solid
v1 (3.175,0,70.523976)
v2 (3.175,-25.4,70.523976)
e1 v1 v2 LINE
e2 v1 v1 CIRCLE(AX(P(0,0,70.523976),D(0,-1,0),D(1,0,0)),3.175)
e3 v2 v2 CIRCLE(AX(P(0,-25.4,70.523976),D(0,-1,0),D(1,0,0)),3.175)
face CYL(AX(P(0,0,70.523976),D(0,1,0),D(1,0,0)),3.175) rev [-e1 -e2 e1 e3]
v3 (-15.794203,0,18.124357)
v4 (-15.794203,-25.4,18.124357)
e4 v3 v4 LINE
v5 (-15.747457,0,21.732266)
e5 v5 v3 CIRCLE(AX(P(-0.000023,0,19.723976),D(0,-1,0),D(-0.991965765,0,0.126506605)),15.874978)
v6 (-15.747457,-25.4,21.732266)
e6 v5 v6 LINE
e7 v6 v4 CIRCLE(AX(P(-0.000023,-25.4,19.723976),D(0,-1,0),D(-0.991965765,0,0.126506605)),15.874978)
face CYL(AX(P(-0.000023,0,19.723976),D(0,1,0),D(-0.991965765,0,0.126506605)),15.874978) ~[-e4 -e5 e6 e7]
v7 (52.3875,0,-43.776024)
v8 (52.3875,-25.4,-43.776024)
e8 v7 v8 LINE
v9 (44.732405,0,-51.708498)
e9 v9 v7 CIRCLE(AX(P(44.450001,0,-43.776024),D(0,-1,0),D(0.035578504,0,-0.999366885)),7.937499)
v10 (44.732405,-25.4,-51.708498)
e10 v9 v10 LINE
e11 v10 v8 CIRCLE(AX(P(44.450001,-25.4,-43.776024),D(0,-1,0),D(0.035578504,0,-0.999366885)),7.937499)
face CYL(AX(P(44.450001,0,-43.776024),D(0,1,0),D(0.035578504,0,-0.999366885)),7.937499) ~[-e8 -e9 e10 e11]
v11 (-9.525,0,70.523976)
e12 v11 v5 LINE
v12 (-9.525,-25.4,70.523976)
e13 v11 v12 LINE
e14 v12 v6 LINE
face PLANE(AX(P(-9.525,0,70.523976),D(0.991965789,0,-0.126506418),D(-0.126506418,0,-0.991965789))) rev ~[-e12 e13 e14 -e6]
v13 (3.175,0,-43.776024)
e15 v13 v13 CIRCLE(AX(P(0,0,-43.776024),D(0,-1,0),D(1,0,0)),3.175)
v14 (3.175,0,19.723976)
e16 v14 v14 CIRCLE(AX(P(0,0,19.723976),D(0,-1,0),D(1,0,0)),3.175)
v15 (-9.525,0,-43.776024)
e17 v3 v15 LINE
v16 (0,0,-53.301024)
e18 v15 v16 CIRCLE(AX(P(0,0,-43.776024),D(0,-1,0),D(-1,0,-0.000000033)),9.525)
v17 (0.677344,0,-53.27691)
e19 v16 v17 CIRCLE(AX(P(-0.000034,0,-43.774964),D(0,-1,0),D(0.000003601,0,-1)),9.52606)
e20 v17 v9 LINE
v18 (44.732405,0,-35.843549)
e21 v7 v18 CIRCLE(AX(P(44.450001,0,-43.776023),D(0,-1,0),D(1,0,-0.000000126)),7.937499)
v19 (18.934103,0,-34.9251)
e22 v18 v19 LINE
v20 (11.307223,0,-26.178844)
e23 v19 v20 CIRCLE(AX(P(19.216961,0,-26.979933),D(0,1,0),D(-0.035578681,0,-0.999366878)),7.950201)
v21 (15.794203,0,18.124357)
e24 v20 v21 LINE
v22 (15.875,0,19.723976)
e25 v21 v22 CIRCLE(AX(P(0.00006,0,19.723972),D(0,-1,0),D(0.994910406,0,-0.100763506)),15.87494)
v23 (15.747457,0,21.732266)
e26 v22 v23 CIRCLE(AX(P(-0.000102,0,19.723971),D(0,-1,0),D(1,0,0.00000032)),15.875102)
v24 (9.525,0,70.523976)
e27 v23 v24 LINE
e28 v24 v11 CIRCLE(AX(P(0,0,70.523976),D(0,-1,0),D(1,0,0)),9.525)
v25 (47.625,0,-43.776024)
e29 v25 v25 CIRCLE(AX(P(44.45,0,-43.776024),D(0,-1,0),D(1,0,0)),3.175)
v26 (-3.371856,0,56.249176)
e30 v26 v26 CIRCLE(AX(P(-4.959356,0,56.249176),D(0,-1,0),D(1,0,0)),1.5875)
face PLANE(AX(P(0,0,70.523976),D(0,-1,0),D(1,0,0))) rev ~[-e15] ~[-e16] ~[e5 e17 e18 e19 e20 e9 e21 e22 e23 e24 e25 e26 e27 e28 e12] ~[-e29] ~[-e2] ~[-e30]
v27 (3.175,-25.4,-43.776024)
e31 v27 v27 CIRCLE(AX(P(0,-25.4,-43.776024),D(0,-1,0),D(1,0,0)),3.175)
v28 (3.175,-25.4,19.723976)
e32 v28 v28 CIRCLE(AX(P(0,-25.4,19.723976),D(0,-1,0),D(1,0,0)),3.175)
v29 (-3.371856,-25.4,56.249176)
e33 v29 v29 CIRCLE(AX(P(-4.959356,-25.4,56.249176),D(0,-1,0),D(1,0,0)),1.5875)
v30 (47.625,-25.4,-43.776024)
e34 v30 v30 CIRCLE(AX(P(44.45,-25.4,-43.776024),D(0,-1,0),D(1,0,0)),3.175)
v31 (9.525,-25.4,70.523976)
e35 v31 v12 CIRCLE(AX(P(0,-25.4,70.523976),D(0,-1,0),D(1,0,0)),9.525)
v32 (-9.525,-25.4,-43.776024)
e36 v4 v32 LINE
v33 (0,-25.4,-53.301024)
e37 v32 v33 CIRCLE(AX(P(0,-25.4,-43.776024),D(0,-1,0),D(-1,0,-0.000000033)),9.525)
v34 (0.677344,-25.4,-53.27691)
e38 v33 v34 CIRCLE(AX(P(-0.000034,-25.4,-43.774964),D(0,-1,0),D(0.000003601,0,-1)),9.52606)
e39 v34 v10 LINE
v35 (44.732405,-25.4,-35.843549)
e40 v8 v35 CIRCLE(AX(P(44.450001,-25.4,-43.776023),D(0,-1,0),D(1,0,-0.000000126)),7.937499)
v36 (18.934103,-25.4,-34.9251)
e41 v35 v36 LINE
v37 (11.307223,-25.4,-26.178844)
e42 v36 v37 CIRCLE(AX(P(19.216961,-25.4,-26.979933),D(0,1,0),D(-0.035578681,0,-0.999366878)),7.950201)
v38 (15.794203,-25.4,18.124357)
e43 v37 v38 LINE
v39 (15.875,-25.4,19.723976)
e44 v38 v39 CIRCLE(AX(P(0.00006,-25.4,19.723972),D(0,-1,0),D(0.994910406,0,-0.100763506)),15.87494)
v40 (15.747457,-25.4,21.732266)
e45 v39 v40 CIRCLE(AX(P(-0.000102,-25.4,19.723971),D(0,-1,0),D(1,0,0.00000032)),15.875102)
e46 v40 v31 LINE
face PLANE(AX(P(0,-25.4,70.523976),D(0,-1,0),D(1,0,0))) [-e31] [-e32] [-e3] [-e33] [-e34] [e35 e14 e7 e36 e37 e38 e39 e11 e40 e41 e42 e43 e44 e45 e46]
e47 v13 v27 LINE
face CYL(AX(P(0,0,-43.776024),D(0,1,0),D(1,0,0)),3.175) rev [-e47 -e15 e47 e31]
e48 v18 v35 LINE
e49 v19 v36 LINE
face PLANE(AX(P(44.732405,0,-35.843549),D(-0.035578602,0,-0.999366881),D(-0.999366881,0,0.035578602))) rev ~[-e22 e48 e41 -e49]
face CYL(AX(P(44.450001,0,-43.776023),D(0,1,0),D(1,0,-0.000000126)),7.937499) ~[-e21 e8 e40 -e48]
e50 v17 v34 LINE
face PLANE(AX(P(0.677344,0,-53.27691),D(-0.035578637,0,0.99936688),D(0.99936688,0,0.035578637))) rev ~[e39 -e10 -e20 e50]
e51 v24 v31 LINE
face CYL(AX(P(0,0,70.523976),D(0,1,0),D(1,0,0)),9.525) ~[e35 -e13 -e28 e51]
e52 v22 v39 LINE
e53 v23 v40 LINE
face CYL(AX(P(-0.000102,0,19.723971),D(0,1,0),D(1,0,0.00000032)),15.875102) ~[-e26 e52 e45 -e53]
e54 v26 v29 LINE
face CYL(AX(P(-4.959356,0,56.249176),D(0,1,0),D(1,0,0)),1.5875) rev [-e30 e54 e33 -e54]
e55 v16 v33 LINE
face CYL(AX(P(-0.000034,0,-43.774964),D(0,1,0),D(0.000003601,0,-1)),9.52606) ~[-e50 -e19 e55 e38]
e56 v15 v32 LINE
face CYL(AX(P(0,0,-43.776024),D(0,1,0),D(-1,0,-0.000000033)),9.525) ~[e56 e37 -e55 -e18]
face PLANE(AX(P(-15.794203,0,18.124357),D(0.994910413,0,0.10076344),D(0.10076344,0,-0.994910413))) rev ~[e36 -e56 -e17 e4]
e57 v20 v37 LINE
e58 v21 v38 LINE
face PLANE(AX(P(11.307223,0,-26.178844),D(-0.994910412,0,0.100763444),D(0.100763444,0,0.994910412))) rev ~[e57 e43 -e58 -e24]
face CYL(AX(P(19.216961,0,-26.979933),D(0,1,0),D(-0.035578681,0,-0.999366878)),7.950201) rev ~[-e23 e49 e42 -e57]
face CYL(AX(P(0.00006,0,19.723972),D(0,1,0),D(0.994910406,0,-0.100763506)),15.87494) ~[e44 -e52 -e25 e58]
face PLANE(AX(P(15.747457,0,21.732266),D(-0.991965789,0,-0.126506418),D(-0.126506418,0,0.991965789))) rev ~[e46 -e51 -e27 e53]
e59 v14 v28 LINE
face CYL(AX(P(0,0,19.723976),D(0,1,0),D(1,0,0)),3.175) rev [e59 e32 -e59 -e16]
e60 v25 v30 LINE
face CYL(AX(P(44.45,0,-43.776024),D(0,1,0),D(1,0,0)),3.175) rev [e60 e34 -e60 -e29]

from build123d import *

# Parameters (mm, degrees)
F0_R     = 3.175
F0_R_2   = 1.5875
F1_DEPTH = 25.4


with BuildPart() as f1:
    # F0 (on Front) → F1 (new body)
    with BuildSketch(Plane.XZ):
        with BuildLine():
            ThreePointArc((-9.525, 70.523976), (0, 60.998976), (9.525, 70.523976))
            ThreePointArc((9.525, 70.523976), (0, 80.048976), (-9.525, 70.523976))
        make_face()
        with Locations((0, 70.523976)):
            Circle(F0_R, mode=Mode.SUBTRACT)
        with BuildLine():
            Line((15.747457, 21.732266), (9.525, 70.523976))
            ThreePointArc((9.525, 70.523976), (0, 60.998976), (-9.525, 70.523976))
            Line((-9.525, 70.523976), (-15.747457, 21.732266))
            ThreePointArc((-15.747457, 21.732266), (0, 35.598976), (15.747457, 21.732266))
        make_face()
        with Locations((-4.959356, 56.249176)):
            Circle(F0_R_2, mode=Mode.SUBTRACT)
        with BuildLine():
            ThreePointArc((15.875, 19.723976), (15.843082, 20.730144), (15.747457, 21.732266))
            ThreePointArc((15.747457, 21.732266), (0, 35.598976), (-15.747457, 21.732266))
            ThreePointArc((-15.747457, 21.732266), (-15.873668, 19.929643), (-15.794203, 18.124357))
            ThreePointArc((-15.794203, 18.124357), (0, 3.848976), (15.794203, 18.124357))
            ThreePointArc((15.794203, 18.124357), (15.854788, 18.923147), (15.875, 19.723976))
        make_face()
        with Locations((0, 19.723976)):
            Circle(F0_R, mode=Mode.SUBTRACT)
        with BuildLine():
            ThreePointArc((15.794203, 18.124357), (0, 3.848976), (-15.794203, 18.124357))
            Line((-15.794203, 18.124357), (-9.525, -43.776024))
            ThreePointArc((-9.525, -43.776024), (0, -34.251024), (9.525, -43.776024))
            ThreePointArc((9.525, -43.776024), (6.970557, -50.267323), (0.677344, -53.27691))
            Line((0.677344, -53.27691), (44.732405, -51.708498))
            ThreePointArc((44.732405, -51.708498), (36.5125, -43.776024), (44.732405, -35.843549))
            Line((44.732405, -35.843549), (18.934103, -34.9251))
            ThreePointArc((18.934103, -34.9251), (13.224974, -32.205044), (11.307223, -26.178844))
            Line((11.307223, -26.178844), (15.794203, 18.124357))
        make_face()
        with BuildLine():
            ThreePointArc((9.525, -43.776024), (0, -34.251024), (-9.525, -43.776024))
            ThreePointArc((-9.525, -43.776024), (-6.735192, -50.511216), (0, -53.301024))
            Line((0, -53.301024), (0.677344, -53.27691))
            ThreePointArc((0.677344, -53.27691), (6.970557, -50.267323), (9.525, -43.776024))
        make_face()
        with Locations((0, -43.776024)):
            Circle(F0_R, mode=Mode.SUBTRACT)
        with BuildLine():
            Line((0.677344, -53.27691), (0, -53.301024))
            ThreePointArc((0, -53.301024), (0.338886, -53.294993), (0.677344, -53.27691))
        make_face()
        with BuildLine():
            ThreePointArc((52.3875, -43.776024), (50.161633, -38.264113), (44.732405, -35.843549))
            ThreePointArc((44.732405, -35.843549), (36.5125, -43.776024), (44.732405, -51.708498))
            ThreePointArc((44.732405, -51.708498), (50.161633, -49.287934), (52.3875, -43.776024))
        make_face()
        with Locations((44.45, -43.776024)):
            Circle(F0_R, mode=Mode.SUBTRACT)
    extrude(amount=F1_DEPTH)


solid = f1.part
